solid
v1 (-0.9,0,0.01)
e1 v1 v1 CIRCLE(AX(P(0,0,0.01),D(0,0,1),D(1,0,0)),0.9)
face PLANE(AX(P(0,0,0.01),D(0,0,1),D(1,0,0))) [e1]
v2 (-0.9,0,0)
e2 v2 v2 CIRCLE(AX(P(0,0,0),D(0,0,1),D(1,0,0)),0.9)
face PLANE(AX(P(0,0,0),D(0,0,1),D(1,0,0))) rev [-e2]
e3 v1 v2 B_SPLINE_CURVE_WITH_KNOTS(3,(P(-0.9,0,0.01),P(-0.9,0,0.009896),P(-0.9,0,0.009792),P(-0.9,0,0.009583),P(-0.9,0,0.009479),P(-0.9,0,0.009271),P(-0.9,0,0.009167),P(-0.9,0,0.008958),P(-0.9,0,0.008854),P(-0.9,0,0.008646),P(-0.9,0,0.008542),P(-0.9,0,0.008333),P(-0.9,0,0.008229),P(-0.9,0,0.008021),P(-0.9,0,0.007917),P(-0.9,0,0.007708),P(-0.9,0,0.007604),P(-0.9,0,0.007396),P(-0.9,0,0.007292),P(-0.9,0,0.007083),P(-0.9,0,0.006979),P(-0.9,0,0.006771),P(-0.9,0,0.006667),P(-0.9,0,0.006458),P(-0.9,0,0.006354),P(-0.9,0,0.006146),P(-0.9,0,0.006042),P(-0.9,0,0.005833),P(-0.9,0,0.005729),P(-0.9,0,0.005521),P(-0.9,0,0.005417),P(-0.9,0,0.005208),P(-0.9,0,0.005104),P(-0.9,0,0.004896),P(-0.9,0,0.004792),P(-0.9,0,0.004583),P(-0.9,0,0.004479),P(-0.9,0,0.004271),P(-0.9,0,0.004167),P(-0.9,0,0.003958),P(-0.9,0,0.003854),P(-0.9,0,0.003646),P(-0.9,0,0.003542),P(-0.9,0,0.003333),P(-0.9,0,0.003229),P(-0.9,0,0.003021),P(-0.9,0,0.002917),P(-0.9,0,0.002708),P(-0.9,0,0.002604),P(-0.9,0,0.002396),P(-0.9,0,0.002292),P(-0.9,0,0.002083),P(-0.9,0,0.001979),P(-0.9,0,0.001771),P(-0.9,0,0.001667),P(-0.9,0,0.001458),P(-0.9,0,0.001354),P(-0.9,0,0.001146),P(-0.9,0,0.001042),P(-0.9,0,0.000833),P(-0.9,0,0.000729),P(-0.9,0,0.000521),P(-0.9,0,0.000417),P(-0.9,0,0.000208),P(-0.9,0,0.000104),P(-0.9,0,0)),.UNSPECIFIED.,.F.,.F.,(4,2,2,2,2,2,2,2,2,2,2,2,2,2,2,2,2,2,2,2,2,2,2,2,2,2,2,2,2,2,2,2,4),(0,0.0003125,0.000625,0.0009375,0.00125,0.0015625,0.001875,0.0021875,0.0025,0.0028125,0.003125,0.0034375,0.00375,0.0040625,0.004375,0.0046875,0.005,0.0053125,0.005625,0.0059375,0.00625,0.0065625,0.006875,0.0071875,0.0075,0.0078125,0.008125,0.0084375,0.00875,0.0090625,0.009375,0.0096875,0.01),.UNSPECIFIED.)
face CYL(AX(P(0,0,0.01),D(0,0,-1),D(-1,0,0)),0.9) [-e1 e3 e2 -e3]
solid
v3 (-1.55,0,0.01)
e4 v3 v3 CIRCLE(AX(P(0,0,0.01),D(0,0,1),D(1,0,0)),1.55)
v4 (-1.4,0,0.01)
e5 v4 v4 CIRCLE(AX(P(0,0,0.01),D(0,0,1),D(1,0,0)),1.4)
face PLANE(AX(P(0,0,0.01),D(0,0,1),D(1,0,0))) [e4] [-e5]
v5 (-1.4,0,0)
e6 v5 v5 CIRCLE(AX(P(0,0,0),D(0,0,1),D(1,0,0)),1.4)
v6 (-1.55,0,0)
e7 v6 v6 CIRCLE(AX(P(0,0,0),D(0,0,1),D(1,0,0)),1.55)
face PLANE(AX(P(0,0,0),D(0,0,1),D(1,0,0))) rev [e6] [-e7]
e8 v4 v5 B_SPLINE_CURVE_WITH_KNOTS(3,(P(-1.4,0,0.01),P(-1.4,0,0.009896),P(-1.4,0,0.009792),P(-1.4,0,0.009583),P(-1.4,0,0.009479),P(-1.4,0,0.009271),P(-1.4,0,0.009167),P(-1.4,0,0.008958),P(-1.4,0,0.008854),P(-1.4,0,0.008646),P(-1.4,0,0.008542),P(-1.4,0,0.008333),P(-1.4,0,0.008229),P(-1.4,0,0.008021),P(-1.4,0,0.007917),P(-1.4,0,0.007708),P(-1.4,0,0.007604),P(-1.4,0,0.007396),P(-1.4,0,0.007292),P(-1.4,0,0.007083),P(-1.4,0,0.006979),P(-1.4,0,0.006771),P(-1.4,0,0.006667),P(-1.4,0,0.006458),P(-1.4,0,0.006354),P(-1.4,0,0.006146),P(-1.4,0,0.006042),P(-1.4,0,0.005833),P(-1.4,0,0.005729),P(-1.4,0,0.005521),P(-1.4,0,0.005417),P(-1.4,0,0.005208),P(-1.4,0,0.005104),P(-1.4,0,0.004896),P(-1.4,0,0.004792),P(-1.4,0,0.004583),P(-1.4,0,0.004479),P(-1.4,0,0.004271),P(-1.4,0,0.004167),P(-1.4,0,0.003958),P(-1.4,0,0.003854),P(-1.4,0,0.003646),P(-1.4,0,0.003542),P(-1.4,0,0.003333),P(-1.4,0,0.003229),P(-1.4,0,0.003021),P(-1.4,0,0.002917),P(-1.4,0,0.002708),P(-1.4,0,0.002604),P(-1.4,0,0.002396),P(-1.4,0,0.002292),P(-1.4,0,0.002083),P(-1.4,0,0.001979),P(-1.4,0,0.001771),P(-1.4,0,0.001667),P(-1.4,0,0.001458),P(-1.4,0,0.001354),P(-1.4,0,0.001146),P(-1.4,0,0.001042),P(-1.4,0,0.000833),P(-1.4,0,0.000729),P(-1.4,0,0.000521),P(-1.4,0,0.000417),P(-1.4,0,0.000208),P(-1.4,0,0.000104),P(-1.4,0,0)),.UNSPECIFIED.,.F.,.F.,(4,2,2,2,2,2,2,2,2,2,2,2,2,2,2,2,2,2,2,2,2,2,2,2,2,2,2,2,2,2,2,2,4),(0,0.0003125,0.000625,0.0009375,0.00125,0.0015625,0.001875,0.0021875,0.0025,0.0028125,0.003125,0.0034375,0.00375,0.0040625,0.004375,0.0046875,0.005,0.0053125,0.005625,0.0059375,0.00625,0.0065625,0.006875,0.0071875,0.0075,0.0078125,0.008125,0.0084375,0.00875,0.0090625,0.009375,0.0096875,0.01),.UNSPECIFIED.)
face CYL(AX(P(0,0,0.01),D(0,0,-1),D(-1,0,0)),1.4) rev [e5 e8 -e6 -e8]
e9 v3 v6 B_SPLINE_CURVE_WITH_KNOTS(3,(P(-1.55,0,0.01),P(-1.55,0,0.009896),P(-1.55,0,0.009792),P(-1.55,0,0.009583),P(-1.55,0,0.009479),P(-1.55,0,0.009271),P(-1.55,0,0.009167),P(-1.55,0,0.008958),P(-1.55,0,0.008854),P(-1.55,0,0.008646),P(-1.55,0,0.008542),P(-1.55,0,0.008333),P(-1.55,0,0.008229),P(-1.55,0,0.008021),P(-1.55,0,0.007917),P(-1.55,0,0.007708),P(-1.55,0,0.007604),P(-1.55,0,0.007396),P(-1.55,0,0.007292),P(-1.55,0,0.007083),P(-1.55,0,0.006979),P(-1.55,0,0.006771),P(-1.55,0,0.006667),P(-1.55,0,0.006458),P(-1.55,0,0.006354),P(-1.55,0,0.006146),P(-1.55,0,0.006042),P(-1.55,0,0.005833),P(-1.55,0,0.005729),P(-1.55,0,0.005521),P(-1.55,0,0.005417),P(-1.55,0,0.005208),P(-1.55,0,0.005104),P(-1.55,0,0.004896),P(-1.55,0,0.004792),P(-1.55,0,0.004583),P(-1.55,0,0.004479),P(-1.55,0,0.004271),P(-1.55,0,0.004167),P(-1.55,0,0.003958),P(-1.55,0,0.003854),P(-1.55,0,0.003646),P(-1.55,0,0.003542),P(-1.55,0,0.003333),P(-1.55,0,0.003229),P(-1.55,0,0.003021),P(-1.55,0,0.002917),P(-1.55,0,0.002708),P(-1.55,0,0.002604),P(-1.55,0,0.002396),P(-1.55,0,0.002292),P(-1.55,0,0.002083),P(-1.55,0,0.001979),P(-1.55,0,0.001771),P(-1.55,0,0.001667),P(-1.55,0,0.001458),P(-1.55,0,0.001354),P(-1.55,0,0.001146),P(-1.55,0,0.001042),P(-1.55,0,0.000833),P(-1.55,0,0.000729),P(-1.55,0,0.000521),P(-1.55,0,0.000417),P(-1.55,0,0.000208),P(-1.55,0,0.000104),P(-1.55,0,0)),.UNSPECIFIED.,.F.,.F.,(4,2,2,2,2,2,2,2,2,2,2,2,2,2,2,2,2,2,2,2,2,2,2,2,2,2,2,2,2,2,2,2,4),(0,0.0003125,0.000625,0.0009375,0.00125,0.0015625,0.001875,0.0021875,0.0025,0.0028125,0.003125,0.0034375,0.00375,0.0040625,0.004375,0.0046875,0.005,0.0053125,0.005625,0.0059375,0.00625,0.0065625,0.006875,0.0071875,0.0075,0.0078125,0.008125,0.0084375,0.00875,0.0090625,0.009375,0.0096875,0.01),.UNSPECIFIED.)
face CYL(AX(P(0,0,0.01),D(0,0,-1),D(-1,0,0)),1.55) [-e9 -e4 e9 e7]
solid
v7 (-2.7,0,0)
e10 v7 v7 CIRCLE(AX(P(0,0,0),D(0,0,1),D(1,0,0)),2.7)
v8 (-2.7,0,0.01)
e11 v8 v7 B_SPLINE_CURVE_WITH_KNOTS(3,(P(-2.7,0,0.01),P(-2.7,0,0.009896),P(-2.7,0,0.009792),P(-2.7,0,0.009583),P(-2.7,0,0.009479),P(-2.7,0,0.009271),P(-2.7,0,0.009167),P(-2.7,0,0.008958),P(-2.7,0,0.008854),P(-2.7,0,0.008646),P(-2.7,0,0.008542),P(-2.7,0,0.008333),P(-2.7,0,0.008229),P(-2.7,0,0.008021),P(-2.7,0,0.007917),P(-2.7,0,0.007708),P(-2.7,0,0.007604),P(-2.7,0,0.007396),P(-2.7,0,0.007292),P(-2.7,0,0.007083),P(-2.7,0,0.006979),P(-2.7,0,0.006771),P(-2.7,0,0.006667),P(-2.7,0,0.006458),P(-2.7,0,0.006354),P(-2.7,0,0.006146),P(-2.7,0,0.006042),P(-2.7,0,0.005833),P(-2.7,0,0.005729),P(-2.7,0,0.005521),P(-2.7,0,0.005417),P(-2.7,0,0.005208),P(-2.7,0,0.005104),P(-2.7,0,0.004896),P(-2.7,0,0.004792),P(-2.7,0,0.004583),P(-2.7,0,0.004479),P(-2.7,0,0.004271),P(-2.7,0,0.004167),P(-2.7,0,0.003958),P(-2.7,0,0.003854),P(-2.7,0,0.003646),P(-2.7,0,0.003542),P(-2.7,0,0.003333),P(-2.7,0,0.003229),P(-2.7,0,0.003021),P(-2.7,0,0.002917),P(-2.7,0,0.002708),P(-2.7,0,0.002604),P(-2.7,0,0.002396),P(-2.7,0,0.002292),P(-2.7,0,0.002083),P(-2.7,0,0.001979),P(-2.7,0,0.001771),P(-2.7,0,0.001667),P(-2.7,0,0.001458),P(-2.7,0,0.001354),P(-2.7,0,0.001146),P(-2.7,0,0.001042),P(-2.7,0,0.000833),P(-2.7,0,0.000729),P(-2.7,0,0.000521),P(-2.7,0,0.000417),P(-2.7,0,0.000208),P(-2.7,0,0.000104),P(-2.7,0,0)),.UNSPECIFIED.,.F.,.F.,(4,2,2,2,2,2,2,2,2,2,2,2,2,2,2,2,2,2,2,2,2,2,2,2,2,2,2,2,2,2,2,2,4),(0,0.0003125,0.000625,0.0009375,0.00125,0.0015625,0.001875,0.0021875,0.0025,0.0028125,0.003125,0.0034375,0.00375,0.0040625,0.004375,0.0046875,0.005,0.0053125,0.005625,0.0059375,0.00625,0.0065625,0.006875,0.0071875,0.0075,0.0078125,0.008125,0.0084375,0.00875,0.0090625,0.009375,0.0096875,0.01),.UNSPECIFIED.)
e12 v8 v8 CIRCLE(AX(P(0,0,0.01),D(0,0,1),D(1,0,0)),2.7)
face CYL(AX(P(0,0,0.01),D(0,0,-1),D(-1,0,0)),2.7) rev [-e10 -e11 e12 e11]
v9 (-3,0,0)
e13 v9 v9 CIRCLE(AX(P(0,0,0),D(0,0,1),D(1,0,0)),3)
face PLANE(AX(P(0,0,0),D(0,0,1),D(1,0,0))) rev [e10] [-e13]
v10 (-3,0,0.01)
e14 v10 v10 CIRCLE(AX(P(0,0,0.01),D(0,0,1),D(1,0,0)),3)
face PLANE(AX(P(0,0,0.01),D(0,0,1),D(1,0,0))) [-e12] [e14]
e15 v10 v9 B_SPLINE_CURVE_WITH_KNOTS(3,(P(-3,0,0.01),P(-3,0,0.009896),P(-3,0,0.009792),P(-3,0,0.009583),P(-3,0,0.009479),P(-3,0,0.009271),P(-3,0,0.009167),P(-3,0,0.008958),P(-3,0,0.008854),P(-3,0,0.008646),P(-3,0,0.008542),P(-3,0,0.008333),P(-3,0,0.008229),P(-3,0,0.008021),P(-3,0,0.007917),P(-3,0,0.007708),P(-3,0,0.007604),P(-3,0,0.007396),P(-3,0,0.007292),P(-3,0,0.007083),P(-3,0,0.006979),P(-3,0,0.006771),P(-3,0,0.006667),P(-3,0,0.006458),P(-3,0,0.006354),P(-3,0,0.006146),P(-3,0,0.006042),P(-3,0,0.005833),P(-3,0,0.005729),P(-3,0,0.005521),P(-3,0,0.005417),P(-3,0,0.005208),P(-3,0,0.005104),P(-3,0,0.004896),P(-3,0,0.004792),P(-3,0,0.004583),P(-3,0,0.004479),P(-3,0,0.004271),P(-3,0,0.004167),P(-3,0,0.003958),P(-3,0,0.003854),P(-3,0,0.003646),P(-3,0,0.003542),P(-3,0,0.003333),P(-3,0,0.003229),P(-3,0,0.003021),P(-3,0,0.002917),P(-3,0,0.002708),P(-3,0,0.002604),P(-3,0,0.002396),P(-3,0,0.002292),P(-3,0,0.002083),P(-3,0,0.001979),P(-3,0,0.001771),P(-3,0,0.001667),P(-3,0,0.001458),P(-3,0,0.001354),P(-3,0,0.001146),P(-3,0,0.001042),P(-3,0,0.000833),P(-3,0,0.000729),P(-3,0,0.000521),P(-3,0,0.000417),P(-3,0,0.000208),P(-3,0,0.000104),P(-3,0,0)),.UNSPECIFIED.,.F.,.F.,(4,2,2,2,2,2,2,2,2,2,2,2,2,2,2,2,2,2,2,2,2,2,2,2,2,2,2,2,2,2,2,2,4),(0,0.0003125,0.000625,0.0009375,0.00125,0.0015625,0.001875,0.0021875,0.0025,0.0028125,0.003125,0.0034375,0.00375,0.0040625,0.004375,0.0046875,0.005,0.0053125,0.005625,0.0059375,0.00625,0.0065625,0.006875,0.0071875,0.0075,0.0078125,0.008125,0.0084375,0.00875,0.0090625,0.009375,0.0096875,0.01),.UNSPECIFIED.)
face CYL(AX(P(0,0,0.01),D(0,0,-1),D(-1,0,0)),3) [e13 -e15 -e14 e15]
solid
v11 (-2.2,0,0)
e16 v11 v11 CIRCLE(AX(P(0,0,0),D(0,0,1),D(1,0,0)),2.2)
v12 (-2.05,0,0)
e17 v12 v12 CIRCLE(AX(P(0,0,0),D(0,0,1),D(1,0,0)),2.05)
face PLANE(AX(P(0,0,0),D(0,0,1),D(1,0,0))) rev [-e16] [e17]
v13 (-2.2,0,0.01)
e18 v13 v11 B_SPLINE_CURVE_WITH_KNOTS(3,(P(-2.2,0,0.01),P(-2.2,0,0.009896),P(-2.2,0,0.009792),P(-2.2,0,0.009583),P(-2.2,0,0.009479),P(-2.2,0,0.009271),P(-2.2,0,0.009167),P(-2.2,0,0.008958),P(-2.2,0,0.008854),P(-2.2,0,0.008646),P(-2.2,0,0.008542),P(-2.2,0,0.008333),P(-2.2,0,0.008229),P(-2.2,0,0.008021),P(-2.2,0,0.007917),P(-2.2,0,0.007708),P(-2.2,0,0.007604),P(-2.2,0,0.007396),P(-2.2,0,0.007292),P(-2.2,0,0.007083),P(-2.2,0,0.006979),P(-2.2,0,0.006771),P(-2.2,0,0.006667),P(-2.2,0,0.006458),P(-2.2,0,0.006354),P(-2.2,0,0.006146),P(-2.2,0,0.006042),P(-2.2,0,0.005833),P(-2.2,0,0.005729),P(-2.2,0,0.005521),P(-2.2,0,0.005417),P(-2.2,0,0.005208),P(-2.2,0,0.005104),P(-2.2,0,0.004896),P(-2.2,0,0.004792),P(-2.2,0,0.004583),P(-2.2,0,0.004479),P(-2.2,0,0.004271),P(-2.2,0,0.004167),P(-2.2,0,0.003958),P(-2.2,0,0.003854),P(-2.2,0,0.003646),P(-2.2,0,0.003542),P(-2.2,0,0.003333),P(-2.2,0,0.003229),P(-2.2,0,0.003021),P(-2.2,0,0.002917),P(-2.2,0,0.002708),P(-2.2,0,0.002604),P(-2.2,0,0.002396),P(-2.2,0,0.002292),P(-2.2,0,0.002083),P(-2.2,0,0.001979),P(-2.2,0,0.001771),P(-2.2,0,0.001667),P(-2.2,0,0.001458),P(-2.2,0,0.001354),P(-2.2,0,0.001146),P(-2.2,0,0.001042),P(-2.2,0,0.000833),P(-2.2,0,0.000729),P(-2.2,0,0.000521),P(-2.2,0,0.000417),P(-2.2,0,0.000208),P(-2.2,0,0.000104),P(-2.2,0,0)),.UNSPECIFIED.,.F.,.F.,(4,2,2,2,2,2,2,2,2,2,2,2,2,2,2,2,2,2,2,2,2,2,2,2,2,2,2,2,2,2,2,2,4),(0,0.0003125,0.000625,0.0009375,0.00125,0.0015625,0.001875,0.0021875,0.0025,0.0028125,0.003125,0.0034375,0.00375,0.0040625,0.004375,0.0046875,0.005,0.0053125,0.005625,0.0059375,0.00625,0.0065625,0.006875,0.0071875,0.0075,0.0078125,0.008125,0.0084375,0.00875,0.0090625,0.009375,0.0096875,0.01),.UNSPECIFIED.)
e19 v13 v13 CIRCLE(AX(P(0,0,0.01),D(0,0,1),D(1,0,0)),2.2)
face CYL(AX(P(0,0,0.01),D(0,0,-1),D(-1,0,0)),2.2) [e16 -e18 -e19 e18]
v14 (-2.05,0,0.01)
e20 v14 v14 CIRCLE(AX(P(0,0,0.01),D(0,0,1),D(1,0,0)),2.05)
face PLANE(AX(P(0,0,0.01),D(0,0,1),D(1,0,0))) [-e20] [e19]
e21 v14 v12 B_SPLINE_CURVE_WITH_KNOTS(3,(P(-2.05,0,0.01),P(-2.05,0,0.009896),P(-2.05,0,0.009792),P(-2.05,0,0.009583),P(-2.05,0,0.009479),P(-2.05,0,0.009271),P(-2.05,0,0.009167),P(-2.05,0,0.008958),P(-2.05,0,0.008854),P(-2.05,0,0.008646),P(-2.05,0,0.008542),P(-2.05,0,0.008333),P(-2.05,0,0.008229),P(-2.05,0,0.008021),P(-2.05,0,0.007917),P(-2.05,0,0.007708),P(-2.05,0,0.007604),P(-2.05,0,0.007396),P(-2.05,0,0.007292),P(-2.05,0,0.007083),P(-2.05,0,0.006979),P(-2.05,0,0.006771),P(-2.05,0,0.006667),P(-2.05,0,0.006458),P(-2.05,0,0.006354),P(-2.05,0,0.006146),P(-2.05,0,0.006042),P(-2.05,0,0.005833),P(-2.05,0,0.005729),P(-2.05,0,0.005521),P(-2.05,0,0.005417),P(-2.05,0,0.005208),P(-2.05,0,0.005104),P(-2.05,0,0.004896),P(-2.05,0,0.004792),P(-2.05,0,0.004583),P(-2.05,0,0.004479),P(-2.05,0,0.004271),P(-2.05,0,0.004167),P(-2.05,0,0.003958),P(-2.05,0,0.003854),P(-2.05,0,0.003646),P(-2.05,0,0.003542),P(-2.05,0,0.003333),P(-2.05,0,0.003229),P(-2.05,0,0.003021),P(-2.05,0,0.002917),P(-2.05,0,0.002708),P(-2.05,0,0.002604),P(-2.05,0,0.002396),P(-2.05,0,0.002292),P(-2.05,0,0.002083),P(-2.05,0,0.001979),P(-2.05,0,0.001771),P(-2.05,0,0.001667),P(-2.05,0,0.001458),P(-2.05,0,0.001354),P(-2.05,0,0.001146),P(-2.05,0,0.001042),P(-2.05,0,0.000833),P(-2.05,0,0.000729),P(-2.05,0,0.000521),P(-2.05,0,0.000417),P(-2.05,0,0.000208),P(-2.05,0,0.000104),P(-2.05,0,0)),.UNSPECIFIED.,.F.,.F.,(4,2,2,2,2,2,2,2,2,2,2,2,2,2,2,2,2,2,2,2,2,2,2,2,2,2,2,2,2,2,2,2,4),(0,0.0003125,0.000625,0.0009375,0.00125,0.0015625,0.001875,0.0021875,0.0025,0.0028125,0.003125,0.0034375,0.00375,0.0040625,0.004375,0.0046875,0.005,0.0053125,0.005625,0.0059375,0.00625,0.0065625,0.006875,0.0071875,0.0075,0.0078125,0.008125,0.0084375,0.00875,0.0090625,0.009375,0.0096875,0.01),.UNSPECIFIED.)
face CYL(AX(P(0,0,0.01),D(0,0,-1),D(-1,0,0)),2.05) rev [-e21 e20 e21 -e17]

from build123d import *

# Parameters (mm, degrees)
SKETCH_1_R        = 3
SKETCH_1_R_2      = 2.7
EXTRUDE_1_DEPTH   = 0.01
SKETCH_1_R_3      = 2.2
SKETCH_1_R_4      = 2.05
EXTRUDE_1_2_DEPTH = 0.01
SKETCH_1_R_5      = 1.55
SKETCH_1_R_6      = 1.4
EXTRUDE_1_3_DEPTH = 0.01
SKETCH_1_R_7      = 0.9
EXTRUDE_1_4_DEPTH = 0.01


with BuildPart() as part:
    # Эскиз1 → Бобышка-Вытянуть1 (new body)
    with BuildSketch(Plane.XY):
        with Locations(Location((0, 0, 0), (0, 0, 180))):
            Circle(SKETCH_1_R)
        with Locations(Location((0, 0, 0), (0, 0, 180))):
            Circle(SKETCH_1_R_2, mode=Mode.SUBTRACT)
    extrude(amount=EXTRUDE_1_DEPTH)


with BuildPart() as body_2:
    # Эскиз1 → Extrude 1 2 (new body)
    with BuildSketch(Plane.XY):
        with Locations(Location((0, 0, 0), (0, 0, 180))):
            Circle(SKETCH_1_R_3)
        with Locations(Location((0, 0, 0), (0, 0, 180))):
            Circle(SKETCH_1_R_4, mode=Mode.SUBTRACT)
    extrude(amount=EXTRUDE_1_2_DEPTH)


with BuildPart() as body_3:
    # Эскиз1 → Extrude 1 3 (new body)
    with BuildSketch(Plane.XY):
        with Locations(Location((0, 0, 0), (0, 0, 180))):
            Circle(SKETCH_1_R_5)
        with Locations(Location((0, 0, 0), (0, 0, 180))):
            Circle(SKETCH_1_R_6, mode=Mode.SUBTRACT)
    extrude(amount=EXTRUDE_1_3_DEPTH)


with BuildPart() as body_4:
    # Эскиз1 → Extrude 1 4 (new body)
    with BuildSketch(Plane.XY):
        with Locations(Location((0, 0, 0), (0, 0, 180))):
            Circle(SKETCH_1_R_7)
    extrude(amount=EXTRUDE_1_4_DEPTH)


solid = Compound([part.part, body_2.part, body_3.part, body_4.part])
